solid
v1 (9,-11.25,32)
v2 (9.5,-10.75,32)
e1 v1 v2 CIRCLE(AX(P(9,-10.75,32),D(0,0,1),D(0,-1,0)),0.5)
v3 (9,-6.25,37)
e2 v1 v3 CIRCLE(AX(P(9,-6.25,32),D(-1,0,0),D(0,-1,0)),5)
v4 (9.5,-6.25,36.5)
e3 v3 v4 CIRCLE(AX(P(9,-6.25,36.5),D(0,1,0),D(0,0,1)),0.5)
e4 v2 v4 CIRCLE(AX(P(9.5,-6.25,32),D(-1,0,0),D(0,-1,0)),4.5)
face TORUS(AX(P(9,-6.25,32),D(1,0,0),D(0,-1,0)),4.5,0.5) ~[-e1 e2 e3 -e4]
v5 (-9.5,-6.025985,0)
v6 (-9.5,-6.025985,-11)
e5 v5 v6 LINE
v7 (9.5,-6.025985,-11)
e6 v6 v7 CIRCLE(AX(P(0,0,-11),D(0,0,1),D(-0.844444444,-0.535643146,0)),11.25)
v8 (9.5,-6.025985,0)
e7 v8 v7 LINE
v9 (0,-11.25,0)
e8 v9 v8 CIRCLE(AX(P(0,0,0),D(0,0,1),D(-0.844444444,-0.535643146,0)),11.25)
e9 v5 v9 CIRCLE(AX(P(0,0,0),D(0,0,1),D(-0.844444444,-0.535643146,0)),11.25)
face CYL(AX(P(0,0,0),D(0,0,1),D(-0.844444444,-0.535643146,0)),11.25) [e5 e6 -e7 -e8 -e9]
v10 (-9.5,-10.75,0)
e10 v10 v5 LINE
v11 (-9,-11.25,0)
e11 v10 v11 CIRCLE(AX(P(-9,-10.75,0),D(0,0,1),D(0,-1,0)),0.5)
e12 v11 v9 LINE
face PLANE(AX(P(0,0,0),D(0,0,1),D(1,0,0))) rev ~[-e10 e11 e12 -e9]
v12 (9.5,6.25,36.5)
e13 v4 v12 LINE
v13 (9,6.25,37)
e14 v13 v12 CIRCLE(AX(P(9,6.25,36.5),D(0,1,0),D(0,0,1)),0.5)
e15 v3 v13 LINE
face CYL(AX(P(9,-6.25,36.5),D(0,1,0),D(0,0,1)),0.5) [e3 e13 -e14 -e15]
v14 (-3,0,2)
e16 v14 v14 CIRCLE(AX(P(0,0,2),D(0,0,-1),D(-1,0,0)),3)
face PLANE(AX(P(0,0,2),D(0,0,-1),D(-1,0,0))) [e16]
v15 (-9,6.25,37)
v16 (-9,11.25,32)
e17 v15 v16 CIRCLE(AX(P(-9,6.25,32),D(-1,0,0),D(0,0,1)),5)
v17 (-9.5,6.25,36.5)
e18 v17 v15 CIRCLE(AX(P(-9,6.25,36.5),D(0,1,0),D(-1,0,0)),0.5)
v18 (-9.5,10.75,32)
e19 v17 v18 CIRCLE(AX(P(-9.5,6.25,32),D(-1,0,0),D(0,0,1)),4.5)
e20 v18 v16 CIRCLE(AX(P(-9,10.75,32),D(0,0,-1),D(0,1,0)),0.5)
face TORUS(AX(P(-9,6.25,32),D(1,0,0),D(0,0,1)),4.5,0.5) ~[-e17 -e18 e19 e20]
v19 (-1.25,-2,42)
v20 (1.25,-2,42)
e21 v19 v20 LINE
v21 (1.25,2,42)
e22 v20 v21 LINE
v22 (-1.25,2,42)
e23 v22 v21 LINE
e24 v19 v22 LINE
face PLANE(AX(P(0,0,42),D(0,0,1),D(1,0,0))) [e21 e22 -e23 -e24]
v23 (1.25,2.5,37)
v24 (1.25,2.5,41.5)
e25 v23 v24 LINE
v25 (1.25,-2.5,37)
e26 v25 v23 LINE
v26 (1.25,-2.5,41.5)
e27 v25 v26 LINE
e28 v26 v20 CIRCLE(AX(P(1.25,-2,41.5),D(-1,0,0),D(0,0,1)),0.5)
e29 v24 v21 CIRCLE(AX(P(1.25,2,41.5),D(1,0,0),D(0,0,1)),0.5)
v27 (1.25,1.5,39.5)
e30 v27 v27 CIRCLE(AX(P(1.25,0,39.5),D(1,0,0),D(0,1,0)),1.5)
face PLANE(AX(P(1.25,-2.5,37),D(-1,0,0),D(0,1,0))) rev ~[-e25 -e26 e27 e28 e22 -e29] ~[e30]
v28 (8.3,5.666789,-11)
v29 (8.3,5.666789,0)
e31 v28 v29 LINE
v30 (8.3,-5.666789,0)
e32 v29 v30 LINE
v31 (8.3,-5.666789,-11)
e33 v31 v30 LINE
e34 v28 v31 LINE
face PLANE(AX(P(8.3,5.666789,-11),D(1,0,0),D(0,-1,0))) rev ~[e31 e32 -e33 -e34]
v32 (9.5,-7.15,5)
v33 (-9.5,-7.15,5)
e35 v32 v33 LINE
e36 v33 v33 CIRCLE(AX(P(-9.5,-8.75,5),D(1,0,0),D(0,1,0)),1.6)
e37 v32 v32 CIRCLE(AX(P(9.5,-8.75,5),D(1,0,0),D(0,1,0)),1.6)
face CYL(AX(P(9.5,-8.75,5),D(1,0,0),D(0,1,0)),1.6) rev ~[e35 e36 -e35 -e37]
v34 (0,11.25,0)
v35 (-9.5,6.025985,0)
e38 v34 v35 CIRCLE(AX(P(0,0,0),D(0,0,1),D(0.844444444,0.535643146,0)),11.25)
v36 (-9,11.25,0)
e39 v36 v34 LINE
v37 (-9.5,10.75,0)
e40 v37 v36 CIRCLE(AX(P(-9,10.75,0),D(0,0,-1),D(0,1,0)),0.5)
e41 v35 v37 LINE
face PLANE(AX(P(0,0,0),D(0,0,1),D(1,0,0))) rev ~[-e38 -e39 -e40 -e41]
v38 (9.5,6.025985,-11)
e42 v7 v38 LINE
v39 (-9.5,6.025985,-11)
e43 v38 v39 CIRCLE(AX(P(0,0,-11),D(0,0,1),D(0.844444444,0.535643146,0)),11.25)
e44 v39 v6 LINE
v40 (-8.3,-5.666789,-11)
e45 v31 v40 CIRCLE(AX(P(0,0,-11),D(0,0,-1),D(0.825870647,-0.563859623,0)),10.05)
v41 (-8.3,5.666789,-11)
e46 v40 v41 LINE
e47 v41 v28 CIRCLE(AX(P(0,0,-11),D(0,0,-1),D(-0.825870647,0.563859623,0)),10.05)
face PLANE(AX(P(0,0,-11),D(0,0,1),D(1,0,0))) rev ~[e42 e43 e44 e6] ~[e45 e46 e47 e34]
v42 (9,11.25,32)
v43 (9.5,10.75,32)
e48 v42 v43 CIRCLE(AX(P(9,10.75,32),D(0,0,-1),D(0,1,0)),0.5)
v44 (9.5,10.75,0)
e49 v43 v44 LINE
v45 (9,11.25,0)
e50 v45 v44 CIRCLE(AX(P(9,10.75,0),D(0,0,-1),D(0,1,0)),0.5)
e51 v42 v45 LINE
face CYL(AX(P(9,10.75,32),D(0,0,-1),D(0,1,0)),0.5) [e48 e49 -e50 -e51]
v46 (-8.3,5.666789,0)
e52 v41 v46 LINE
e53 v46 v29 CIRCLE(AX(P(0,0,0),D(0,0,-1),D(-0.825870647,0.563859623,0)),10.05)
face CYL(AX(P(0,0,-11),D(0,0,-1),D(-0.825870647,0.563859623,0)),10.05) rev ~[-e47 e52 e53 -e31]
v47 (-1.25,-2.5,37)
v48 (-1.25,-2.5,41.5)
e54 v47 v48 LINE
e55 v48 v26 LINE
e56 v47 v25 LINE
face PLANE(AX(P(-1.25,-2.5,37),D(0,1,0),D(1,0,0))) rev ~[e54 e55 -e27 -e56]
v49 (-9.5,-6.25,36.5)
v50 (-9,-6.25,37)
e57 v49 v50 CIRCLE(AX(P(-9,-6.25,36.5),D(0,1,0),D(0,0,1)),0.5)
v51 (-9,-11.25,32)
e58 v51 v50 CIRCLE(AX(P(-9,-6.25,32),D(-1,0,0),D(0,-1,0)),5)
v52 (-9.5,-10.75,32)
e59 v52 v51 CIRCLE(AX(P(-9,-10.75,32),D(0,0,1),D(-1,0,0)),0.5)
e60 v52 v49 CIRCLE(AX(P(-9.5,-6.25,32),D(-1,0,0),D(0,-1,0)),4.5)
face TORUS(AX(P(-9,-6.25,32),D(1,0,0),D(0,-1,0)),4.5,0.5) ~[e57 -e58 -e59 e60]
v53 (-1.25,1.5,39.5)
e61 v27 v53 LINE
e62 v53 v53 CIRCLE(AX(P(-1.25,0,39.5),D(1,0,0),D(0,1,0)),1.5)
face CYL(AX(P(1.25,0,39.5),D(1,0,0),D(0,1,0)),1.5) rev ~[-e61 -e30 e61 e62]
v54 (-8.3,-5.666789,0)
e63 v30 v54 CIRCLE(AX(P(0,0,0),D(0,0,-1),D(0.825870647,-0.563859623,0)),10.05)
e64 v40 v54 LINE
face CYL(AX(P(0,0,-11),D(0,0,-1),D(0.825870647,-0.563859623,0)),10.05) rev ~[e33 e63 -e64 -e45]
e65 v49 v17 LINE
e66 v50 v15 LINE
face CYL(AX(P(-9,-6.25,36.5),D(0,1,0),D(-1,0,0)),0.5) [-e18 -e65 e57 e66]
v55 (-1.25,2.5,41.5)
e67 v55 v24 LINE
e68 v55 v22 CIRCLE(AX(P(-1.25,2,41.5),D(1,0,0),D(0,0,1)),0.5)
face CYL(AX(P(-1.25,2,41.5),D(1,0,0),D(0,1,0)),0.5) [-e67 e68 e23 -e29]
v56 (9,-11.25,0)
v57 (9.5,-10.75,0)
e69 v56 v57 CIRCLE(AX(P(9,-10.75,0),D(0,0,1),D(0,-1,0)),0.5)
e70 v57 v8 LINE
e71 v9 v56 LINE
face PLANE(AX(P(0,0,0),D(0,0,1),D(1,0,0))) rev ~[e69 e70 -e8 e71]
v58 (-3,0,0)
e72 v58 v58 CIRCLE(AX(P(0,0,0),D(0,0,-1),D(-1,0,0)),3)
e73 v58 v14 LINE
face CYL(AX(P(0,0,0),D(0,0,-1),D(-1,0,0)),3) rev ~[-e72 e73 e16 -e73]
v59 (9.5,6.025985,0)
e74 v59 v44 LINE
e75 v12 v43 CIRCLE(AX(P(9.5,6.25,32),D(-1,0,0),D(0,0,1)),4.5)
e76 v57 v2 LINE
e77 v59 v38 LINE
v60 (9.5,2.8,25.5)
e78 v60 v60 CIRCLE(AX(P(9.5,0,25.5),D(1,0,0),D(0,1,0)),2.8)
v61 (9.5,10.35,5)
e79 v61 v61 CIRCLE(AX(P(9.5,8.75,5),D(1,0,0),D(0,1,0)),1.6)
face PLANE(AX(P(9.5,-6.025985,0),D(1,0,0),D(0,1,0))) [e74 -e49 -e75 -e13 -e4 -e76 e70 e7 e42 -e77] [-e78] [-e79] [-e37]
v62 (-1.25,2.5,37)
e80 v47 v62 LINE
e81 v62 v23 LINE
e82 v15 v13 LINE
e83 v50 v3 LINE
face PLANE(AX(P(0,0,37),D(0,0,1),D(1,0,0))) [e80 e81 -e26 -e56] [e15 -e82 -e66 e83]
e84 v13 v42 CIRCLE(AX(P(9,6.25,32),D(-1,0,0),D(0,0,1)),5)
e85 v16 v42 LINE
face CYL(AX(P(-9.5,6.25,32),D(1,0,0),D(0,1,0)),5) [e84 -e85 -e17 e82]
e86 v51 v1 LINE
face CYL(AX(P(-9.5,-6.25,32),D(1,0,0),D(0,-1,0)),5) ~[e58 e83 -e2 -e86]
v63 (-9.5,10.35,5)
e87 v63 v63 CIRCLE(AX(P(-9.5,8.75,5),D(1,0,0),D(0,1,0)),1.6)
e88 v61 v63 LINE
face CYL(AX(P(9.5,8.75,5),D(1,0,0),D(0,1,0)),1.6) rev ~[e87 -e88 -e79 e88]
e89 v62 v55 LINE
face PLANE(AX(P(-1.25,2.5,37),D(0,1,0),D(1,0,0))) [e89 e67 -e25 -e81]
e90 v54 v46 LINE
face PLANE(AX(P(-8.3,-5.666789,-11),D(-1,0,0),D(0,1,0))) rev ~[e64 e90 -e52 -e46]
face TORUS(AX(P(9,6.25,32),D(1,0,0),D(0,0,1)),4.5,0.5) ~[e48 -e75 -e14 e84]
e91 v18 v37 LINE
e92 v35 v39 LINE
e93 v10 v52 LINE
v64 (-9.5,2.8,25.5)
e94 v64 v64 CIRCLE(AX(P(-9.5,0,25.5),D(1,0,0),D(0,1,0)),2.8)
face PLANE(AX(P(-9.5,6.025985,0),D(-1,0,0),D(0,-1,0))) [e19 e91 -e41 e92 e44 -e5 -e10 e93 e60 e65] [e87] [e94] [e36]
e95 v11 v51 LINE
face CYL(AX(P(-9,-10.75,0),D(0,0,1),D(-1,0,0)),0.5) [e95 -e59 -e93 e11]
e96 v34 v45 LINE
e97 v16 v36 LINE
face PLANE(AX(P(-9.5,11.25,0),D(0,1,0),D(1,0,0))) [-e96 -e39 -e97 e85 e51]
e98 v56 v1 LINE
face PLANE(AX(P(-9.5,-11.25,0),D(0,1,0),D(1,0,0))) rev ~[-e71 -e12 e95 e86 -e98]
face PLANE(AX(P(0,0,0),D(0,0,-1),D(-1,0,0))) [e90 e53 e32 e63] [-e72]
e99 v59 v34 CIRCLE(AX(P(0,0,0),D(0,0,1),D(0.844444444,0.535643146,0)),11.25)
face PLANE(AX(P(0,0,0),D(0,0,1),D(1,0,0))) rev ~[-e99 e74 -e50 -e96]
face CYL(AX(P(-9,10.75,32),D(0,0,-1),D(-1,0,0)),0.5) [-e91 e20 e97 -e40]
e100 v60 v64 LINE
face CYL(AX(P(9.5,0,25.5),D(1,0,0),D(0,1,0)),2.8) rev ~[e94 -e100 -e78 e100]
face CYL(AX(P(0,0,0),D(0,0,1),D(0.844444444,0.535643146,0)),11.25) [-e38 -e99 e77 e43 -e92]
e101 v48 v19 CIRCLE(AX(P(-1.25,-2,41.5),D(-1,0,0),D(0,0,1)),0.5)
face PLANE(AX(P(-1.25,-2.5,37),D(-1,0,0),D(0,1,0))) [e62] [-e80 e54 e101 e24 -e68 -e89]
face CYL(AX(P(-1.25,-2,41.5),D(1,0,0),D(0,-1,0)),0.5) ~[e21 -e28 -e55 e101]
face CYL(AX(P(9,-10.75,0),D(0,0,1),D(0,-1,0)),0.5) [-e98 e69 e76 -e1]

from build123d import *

# Parameters (mm, degrees)
SKETCH1_W           = 19
SKETCH1_H           = 22.5
BOSS_EXTRUDE1_DEPTH = 37
BOSS_EXTRUDE2_DEPTH = 11
FILLET1_R           = 5
SKETCH3_R           = 1.6
CUT_EXTRUDE1_DEPTH  = 44.087846314
SKETCH4_W           = 2.5
SKETCH4_H           = 5
BOSS_EXTRUDE3_DEPTH = 5
FILLET2_R           = 0.5
SKETCH5_R           = 1.5
CUT_EXTRUDE2_DEPTH  = 5
SKETCH6_R           = 2.8
CUT_EXTRUDE3_DEPTH  = 48.450632264
CUT_EXTRUDE4_DEPTH  = 11
SKETCH8_R           = 3
CUT_EXTRUDE5_DEPTH  = 2


with BuildPart() as part:
    # Sketch1 → Boss-Extrude1 (new body)
    with BuildSketch(Plane.XY):
        Rectangle(SKETCH1_W, SKETCH1_H)
    extrude(amount=BOSS_EXTRUDE1_DEPTH)

    # Sketch2 → Boss-Extrude2 (add)
    with BuildSketch(Plane(origin=(0, 0, 0), x_dir=(-1, 0, 0), z_dir=(0, 0, -1))):
        with BuildLine():
            Line((9.5, 6.025985397), (9.5, -6.025985397))
            ThreePointArc((9.5, -6.025985397), (0, -11.25), (-9.5, -6.025985397))
            Line((-9.5, -6.025985397), (-9.5, 6.025985397))
            ThreePointArc((-9.5, 6.025985397), (0, 11.25), (9.5, 6.025985397))
        make_face()
    extrude(amount=BOSS_EXTRUDE2_DEPTH)

    # Fillet1
    fillet1_edges = [part.edges().sort_by_distance(p)[0] for p in [
        (0, 11.25, 37),
        (0, -11.25, 37),
    ]]
    fillet(fillet1_edges, radius=FILLET1_R)

    # Sketch3 → Cut-Extrude1 (cut, through all)
    with BuildSketch(Plane(origin=(9.5, 0, 0), x_dir=(0, 0, -1), z_dir=(1, 0, 0))):
        with Locations(Location((-5, 8.75, 0), (0, 0, 90))):
            Circle(SKETCH3_R)
        with Locations(Location((-5, -8.75, 0), (0, 0, 90))):
            Circle(SKETCH3_R)
    extrude(amount=-CUT_EXTRUDE1_DEPTH, mode=Mode.SUBTRACT)

    # Sketch4 → Boss-Extrude3 (add)
    with BuildSketch(Plane.XY.offset(37)):
        Rectangle(SKETCH4_W, SKETCH4_H)
    extrude(amount=BOSS_EXTRUDE3_DEPTH)

    # Fillet2
    fillet2_edges = [part.edges().sort_by_distance(p)[0] for p in [
        (-9.5, 0, 37),
        (9.5, 0, 37),
        (9.5, 11.25, 16),
        (9.5, -11.25, 16),
        (9.5, 9.785533906, 35.535533906),
        (9.5, -9.785533906, 35.535533906),
        (-9.5, -11.25, 16),
        (-9.5, 11.25, 16),
        (-9.5, 9.785533906, 35.535533906),
        (-9.5, -9.785533906, 35.535533906),
        (0, -2.5, 42),
        (0, 2.5, 42),
    ]]
    fillet(fillet2_edges, radius=FILLET2_R)

    # Sketch5 → Cut-Extrude2 (cut)
    with BuildSketch(Plane(origin=(1.25, 0, 0), x_dir=(0, 0, -1), z_dir=(1, 0, 0))):
        with Locations(Location((-39.5, 0, 0), (0, 0, 90))):
            Circle(SKETCH5_R)
    extrude(amount=-CUT_EXTRUDE2_DEPTH, mode=Mode.SUBTRACT)

    # Sketch6 → Cut-Extrude3 (cut, through all)
    with BuildSketch(Plane(origin=(9.5, 0, 0), x_dir=(0, 0, -1), z_dir=(1, 0, 0))):
        with Locations(Location((-25.5, 0, 0), (0, 0, 90))):
            Circle(SKETCH6_R)
    extrude(amount=-CUT_EXTRUDE3_DEPTH, mode=Mode.SUBTRACT)

    # Sketch7 → Cut-Extrude4 (cut)
    with BuildSketch(Plane(origin=(0, 0, -11), x_dir=(-1, 0, 0), z_dir=(0, 0, -1))):
        with BuildLine():
            Line((-8.3, 5.666789214), (-8.3, -5.666789214))
            ThreePointArc((-8.3, -5.666789214), (0, -10.05), (8.3, -5.666789214))
            Line((8.3, -5.666789214), (8.3, 5.666789214))
            ThreePointArc((8.3, 5.666789214), (0, 10.05), (-8.3, 5.666789214))
        make_face()
    extrude(amount=-CUT_EXTRUDE4_DEPTH, mode=Mode.SUBTRACT)

    # Sketch8 → Cut-Extrude5 (cut)
    with BuildSketch(Plane(origin=(0, 0, 0), x_dir=(-1, 0, 0), z_dir=(0, 0, -1))):
        Circle(SKETCH8_R)
    extrude(amount=-CUT_EXTRUDE5_DEPTH, mode=Mode.SUBTRACT)


solid = part.part
